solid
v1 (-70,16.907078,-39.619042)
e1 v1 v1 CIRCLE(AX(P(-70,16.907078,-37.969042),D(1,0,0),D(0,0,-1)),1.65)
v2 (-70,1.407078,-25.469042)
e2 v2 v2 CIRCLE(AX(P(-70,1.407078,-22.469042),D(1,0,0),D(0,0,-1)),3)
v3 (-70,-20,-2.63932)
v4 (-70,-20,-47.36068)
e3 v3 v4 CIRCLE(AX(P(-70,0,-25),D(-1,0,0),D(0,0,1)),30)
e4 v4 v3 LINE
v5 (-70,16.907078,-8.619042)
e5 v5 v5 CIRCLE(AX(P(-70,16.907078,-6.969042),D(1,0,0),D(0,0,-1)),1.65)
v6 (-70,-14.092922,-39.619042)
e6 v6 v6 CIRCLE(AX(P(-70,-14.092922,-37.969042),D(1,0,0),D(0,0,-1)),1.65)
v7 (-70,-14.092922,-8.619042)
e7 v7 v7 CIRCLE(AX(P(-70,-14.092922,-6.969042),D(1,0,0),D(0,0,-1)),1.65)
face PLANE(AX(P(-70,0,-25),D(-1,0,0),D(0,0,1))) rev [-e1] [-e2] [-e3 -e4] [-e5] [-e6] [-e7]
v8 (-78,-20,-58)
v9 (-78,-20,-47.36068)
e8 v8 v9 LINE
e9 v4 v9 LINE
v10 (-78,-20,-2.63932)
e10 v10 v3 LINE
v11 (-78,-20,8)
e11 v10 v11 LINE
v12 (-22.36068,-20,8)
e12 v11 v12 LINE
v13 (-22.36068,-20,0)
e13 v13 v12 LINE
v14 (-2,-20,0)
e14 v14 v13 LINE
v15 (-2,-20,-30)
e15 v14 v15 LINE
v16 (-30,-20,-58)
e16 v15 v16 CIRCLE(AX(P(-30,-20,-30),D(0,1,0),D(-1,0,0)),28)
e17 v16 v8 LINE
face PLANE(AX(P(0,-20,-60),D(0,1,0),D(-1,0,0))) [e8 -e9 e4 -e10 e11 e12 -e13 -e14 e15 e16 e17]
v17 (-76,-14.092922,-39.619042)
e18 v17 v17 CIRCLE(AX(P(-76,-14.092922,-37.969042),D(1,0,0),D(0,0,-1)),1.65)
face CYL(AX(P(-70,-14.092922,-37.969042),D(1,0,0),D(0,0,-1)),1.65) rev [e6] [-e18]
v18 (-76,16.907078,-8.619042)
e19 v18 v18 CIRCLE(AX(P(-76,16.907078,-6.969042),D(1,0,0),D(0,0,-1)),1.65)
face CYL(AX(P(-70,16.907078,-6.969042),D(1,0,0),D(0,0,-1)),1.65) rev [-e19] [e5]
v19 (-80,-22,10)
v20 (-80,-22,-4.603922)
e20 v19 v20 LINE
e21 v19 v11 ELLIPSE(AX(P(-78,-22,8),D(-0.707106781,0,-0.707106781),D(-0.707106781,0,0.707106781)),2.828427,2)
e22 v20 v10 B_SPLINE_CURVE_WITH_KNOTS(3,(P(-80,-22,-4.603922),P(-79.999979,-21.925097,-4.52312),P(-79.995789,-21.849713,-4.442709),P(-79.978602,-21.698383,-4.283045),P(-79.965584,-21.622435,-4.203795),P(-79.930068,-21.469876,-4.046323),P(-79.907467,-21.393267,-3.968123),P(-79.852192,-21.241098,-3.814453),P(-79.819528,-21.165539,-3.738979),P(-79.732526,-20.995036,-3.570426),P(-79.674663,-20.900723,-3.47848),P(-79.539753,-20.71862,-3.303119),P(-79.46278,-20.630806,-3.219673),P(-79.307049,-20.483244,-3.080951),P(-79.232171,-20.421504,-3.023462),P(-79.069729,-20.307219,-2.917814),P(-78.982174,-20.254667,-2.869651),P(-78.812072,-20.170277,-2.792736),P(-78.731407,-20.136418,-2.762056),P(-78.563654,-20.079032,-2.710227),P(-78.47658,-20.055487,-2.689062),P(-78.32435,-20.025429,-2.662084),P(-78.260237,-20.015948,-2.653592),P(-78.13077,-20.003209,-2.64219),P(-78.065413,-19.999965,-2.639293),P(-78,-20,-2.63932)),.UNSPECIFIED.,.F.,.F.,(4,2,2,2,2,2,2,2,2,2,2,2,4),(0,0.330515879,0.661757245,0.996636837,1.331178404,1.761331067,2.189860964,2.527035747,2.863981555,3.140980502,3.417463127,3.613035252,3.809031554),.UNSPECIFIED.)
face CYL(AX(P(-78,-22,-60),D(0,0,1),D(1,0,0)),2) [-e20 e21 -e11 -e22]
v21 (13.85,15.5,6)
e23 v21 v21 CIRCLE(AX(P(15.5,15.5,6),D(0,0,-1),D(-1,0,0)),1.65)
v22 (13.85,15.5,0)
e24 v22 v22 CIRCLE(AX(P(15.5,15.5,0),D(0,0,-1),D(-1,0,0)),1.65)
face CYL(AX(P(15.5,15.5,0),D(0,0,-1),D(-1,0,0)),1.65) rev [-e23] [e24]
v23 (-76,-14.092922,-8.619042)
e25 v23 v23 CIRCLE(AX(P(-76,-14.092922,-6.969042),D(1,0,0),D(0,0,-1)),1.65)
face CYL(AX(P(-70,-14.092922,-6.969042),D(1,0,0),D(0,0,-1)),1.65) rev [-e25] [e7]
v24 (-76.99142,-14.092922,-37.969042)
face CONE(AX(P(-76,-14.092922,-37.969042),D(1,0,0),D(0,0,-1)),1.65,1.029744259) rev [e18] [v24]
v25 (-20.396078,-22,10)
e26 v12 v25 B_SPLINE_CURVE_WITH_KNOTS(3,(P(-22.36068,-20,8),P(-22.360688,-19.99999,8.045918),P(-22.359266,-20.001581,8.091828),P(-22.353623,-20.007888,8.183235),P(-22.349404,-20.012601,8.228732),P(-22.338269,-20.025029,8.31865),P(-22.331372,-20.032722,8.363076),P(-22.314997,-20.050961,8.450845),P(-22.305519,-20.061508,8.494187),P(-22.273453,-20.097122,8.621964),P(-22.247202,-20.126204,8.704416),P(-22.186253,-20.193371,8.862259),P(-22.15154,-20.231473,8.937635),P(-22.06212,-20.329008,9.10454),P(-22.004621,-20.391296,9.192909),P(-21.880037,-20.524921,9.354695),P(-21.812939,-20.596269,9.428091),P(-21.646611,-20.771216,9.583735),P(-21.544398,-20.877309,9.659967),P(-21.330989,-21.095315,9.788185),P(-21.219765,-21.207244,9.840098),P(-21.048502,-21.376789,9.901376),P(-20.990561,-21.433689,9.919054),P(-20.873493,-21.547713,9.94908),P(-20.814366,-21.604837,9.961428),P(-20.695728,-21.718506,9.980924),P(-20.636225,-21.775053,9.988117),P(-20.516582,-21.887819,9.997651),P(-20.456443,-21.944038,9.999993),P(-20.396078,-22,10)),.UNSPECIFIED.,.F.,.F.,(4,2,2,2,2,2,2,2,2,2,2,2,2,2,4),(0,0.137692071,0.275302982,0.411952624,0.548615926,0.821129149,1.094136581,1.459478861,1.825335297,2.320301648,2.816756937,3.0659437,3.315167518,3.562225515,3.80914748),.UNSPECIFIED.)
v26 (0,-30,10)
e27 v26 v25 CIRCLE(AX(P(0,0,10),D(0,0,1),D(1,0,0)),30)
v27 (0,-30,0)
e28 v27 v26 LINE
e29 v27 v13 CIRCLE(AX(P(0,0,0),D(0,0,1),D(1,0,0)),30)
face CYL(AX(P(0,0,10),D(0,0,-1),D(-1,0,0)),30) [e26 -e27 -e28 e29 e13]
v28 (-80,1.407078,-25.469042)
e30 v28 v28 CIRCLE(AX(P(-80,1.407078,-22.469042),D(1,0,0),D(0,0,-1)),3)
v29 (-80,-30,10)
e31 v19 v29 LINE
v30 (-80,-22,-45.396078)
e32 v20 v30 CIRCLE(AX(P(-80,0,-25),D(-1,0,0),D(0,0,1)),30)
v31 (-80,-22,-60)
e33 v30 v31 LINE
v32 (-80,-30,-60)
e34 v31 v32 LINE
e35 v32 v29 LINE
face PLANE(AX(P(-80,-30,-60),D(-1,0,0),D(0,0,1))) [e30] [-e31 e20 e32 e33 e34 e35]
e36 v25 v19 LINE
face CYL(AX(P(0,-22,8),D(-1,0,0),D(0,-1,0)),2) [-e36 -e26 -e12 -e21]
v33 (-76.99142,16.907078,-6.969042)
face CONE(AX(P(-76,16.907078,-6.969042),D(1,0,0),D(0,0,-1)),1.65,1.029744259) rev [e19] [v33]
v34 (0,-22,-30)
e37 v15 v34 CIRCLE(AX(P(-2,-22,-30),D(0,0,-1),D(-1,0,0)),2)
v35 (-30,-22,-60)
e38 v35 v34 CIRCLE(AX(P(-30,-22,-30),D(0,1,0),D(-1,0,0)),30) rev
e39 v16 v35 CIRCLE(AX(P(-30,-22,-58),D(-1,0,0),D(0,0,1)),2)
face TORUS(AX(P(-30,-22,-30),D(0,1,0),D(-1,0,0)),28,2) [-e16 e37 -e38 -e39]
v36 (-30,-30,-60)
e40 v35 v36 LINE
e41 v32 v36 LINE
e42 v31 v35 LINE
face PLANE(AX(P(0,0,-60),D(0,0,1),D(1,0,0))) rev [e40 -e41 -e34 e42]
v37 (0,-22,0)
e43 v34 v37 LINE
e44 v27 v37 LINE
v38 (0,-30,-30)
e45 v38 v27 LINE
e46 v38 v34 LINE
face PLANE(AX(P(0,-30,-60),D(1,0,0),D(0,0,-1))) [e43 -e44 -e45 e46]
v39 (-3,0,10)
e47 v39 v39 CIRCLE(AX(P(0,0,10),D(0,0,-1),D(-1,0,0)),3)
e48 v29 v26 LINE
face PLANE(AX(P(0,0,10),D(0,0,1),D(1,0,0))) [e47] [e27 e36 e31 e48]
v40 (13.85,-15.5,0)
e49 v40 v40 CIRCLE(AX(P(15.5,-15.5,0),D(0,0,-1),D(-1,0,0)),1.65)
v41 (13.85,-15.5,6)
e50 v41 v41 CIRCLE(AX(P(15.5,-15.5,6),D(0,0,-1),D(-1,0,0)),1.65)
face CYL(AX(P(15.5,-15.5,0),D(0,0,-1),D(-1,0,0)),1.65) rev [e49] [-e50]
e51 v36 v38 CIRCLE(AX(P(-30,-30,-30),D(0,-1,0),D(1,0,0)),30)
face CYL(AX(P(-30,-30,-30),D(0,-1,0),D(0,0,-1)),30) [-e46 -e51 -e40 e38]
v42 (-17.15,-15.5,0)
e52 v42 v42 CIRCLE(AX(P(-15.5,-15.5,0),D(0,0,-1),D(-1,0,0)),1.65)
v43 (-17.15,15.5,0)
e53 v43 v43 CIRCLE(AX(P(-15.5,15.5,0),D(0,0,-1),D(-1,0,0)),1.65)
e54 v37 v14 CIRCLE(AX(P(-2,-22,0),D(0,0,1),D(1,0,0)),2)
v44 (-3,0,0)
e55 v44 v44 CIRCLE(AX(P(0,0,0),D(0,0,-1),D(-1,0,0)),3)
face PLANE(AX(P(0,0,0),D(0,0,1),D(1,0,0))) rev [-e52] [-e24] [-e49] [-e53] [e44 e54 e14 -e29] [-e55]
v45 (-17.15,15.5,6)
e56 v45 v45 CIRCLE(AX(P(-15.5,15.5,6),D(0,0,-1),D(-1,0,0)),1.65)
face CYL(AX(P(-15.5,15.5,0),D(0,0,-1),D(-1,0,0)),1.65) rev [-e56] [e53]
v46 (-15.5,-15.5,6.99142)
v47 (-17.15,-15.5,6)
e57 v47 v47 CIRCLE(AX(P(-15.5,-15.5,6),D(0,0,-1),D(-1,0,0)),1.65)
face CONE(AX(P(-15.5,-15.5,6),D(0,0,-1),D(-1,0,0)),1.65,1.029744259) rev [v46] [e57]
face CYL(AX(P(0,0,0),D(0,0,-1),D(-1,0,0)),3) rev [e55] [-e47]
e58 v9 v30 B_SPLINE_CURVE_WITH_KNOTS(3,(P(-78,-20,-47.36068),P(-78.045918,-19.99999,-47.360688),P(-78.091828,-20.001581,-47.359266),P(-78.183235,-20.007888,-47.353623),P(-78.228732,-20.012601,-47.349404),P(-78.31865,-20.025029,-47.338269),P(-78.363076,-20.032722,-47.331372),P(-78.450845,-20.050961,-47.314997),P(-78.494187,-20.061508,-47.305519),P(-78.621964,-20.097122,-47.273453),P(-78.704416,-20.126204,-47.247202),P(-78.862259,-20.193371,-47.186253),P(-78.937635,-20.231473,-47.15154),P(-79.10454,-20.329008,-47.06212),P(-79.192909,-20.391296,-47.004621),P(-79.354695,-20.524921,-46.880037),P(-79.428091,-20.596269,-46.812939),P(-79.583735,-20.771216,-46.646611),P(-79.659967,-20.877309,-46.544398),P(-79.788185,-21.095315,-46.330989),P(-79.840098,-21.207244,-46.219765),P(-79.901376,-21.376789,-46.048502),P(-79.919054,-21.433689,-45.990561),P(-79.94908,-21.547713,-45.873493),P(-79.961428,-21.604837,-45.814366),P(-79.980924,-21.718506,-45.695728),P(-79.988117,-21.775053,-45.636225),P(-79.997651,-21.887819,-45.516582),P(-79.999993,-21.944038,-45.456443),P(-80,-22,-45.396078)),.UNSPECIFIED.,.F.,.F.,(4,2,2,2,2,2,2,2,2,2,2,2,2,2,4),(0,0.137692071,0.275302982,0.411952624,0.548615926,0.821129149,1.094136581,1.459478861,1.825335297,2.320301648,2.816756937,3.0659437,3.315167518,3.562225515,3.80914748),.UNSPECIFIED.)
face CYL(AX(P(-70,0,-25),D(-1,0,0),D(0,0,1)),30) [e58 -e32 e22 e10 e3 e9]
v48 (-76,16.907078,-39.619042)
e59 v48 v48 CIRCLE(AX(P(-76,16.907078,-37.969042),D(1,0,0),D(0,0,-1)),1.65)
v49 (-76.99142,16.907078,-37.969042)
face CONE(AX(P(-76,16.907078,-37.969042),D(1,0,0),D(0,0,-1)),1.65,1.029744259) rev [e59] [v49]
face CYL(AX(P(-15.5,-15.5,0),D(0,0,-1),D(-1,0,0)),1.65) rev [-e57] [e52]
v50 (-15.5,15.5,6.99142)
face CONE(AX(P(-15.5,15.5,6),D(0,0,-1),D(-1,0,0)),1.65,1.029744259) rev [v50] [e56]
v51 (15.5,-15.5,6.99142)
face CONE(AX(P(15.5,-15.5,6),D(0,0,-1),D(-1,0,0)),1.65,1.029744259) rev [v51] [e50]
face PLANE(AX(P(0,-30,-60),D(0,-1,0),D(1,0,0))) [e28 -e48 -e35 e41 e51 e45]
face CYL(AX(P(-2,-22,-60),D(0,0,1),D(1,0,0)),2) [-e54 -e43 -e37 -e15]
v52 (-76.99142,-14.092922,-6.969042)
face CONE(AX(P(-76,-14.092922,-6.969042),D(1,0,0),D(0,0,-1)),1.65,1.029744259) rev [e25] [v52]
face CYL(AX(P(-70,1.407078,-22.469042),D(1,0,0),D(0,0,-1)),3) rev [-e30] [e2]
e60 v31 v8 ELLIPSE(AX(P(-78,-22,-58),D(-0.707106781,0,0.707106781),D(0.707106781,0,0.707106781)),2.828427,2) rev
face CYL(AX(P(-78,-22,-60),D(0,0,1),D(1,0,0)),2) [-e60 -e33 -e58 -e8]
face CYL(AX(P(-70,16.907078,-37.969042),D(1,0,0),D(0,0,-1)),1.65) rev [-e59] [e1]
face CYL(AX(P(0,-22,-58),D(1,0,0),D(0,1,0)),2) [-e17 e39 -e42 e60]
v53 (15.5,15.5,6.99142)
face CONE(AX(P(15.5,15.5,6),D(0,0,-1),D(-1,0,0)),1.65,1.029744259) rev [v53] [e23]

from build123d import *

# Parameters (mm, degrees)
SKETCH1_R                 = 30
BOSS_EXTRUDE1_DEPTH       = 10
SKETCH2_W                 = 80
SKETCH2_H                 = 10
BOSS_EXTRUDE2_DEPTH       = 70
SKETCH3_R                 = 30
BOSS_EXTRUDE3_DEPTH       = 10
F_6_0MM_DOWEL_HOLE2_D     = 6
M4X0_7_TAPPED_HOLE2_D     = 3.3
M4X0_7_TAPPED_HOLE2_DEPTH = 6
M4X0_7_TAPPED_HOLE2_TIP   = 0.991420021
F_6_0MM_DOWEL_HOLE4_D     = 6
M4X0_7_TAPPED_HOLE4_D     = 3.3
M4X0_7_TAPPED_HOLE4_DEPTH = 6
M4X0_7_TAPPED_HOLE4_TIP   = 0.991420021
FILLET1_R                 = 30
FILLET2_R                 = 2


with BuildPart() as part:
    # Sketch1 → Boss-Extrude1 (new body)
    with BuildSketch(Plane.XY):
        Circle(SKETCH1_R)
    extrude(amount=BOSS_EXTRUDE1_DEPTH)

    # Sketch2 → Boss-Extrude2 (add)
    with BuildSketch(Plane.XY.offset(10)):
        with Locations((-40, -25)):
            Rectangle(SKETCH2_W, SKETCH2_H)
    extrude(amount=-BOSS_EXTRUDE2_DEPTH)

    # Sketch3 → Boss-Extrude3 (add)
    with BuildSketch(Plane.ZY.offset(80)):
        with Locations((-25, 0)):
            Circle(SKETCH3_R)
    extrude(amount=-BOSS_EXTRUDE3_DEPTH)

    # Ø6.0mm Dowel Hole2 (through all)
    with Locations(Plane(origin=(0, 0, 0), x_dir=(-1, 0, 0), z_dir=(0, 0, -1))):
        with Locations((0, 0)):
            Hole(F_6_0MM_DOWEL_HOLE2_D / 2)

    # M4x0.7 Tapped Hole2
    with Locations(Plane(origin=(0, 0, 0), x_dir=(-1, 0, 0), z_dir=(0, 0, -1))):
        with Locations((-15.5, 15.5), (15.5, 15.5), (15.5, -15.5), (-15.5, -15.5)):
            Hole(M4X0_7_TAPPED_HOLE2_D / 2, depth=M4X0_7_TAPPED_HOLE2_DEPTH)
            with Locations((0, 0, -(M4X0_7_TAPPED_HOLE2_DEPTH + M4X0_7_TAPPED_HOLE2_TIP / 2))):  # 118° drill point
                Cone(0, M4X0_7_TAPPED_HOLE2_D / 2, M4X0_7_TAPPED_HOLE2_TIP, mode=Mode.SUBTRACT)

    # Ø6.0mm Dowel Hole4 (through all)
    with Locations(Plane(origin=(-70, 1.407077757, -22.469041667), x_dir=(0, 0, -1), z_dir=(1, 0, 0))):
        with Locations((0, 0)):
            Hole(F_6_0MM_DOWEL_HOLE4_D / 2)

    # M4x0.7 Tapped Hole4
    with Locations(Plane(origin=(-70, 1.407077757, -22.469041667), x_dir=(0, 0, -1), z_dir=(1, 0, 0))):
        with Locations((-15.5, 15.5), (15.5, 15.5), (15.5, -15.5), (-15.5, -15.5)):
            Hole(M4X0_7_TAPPED_HOLE4_D / 2, depth=M4X0_7_TAPPED_HOLE4_DEPTH)
            with Locations((0, 0, -(M4X0_7_TAPPED_HOLE4_DEPTH + M4X0_7_TAPPED_HOLE4_TIP / 2))):  # 118° drill point
                Cone(0, M4X0_7_TAPPED_HOLE4_D / 2, M4X0_7_TAPPED_HOLE4_TIP, mode=Mode.SUBTRACT)

    # Fillet1
    fillet1_edges = [part.edges().sort_by_distance(p)[0] for p in [
        (0, -25, -60),
    ]]
    fillet(fillet1_edges, radius=FILLET1_R)

    # Fillet2
    fillet2_edges = [part.edges().sort_by_distance(p)[0] for p in [
        (-80, -20, -53.680339887),
        (-51.180339887, -20, 10),
        (-80, -20, 3.680339887),
        (0, -20, -15),
        (-55, -20, -60),
        (-8.786796564, -20, -51.213203436),
    ]]
    fillet(fillet2_edges, radius=FILLET2_R)


solid = part.part
